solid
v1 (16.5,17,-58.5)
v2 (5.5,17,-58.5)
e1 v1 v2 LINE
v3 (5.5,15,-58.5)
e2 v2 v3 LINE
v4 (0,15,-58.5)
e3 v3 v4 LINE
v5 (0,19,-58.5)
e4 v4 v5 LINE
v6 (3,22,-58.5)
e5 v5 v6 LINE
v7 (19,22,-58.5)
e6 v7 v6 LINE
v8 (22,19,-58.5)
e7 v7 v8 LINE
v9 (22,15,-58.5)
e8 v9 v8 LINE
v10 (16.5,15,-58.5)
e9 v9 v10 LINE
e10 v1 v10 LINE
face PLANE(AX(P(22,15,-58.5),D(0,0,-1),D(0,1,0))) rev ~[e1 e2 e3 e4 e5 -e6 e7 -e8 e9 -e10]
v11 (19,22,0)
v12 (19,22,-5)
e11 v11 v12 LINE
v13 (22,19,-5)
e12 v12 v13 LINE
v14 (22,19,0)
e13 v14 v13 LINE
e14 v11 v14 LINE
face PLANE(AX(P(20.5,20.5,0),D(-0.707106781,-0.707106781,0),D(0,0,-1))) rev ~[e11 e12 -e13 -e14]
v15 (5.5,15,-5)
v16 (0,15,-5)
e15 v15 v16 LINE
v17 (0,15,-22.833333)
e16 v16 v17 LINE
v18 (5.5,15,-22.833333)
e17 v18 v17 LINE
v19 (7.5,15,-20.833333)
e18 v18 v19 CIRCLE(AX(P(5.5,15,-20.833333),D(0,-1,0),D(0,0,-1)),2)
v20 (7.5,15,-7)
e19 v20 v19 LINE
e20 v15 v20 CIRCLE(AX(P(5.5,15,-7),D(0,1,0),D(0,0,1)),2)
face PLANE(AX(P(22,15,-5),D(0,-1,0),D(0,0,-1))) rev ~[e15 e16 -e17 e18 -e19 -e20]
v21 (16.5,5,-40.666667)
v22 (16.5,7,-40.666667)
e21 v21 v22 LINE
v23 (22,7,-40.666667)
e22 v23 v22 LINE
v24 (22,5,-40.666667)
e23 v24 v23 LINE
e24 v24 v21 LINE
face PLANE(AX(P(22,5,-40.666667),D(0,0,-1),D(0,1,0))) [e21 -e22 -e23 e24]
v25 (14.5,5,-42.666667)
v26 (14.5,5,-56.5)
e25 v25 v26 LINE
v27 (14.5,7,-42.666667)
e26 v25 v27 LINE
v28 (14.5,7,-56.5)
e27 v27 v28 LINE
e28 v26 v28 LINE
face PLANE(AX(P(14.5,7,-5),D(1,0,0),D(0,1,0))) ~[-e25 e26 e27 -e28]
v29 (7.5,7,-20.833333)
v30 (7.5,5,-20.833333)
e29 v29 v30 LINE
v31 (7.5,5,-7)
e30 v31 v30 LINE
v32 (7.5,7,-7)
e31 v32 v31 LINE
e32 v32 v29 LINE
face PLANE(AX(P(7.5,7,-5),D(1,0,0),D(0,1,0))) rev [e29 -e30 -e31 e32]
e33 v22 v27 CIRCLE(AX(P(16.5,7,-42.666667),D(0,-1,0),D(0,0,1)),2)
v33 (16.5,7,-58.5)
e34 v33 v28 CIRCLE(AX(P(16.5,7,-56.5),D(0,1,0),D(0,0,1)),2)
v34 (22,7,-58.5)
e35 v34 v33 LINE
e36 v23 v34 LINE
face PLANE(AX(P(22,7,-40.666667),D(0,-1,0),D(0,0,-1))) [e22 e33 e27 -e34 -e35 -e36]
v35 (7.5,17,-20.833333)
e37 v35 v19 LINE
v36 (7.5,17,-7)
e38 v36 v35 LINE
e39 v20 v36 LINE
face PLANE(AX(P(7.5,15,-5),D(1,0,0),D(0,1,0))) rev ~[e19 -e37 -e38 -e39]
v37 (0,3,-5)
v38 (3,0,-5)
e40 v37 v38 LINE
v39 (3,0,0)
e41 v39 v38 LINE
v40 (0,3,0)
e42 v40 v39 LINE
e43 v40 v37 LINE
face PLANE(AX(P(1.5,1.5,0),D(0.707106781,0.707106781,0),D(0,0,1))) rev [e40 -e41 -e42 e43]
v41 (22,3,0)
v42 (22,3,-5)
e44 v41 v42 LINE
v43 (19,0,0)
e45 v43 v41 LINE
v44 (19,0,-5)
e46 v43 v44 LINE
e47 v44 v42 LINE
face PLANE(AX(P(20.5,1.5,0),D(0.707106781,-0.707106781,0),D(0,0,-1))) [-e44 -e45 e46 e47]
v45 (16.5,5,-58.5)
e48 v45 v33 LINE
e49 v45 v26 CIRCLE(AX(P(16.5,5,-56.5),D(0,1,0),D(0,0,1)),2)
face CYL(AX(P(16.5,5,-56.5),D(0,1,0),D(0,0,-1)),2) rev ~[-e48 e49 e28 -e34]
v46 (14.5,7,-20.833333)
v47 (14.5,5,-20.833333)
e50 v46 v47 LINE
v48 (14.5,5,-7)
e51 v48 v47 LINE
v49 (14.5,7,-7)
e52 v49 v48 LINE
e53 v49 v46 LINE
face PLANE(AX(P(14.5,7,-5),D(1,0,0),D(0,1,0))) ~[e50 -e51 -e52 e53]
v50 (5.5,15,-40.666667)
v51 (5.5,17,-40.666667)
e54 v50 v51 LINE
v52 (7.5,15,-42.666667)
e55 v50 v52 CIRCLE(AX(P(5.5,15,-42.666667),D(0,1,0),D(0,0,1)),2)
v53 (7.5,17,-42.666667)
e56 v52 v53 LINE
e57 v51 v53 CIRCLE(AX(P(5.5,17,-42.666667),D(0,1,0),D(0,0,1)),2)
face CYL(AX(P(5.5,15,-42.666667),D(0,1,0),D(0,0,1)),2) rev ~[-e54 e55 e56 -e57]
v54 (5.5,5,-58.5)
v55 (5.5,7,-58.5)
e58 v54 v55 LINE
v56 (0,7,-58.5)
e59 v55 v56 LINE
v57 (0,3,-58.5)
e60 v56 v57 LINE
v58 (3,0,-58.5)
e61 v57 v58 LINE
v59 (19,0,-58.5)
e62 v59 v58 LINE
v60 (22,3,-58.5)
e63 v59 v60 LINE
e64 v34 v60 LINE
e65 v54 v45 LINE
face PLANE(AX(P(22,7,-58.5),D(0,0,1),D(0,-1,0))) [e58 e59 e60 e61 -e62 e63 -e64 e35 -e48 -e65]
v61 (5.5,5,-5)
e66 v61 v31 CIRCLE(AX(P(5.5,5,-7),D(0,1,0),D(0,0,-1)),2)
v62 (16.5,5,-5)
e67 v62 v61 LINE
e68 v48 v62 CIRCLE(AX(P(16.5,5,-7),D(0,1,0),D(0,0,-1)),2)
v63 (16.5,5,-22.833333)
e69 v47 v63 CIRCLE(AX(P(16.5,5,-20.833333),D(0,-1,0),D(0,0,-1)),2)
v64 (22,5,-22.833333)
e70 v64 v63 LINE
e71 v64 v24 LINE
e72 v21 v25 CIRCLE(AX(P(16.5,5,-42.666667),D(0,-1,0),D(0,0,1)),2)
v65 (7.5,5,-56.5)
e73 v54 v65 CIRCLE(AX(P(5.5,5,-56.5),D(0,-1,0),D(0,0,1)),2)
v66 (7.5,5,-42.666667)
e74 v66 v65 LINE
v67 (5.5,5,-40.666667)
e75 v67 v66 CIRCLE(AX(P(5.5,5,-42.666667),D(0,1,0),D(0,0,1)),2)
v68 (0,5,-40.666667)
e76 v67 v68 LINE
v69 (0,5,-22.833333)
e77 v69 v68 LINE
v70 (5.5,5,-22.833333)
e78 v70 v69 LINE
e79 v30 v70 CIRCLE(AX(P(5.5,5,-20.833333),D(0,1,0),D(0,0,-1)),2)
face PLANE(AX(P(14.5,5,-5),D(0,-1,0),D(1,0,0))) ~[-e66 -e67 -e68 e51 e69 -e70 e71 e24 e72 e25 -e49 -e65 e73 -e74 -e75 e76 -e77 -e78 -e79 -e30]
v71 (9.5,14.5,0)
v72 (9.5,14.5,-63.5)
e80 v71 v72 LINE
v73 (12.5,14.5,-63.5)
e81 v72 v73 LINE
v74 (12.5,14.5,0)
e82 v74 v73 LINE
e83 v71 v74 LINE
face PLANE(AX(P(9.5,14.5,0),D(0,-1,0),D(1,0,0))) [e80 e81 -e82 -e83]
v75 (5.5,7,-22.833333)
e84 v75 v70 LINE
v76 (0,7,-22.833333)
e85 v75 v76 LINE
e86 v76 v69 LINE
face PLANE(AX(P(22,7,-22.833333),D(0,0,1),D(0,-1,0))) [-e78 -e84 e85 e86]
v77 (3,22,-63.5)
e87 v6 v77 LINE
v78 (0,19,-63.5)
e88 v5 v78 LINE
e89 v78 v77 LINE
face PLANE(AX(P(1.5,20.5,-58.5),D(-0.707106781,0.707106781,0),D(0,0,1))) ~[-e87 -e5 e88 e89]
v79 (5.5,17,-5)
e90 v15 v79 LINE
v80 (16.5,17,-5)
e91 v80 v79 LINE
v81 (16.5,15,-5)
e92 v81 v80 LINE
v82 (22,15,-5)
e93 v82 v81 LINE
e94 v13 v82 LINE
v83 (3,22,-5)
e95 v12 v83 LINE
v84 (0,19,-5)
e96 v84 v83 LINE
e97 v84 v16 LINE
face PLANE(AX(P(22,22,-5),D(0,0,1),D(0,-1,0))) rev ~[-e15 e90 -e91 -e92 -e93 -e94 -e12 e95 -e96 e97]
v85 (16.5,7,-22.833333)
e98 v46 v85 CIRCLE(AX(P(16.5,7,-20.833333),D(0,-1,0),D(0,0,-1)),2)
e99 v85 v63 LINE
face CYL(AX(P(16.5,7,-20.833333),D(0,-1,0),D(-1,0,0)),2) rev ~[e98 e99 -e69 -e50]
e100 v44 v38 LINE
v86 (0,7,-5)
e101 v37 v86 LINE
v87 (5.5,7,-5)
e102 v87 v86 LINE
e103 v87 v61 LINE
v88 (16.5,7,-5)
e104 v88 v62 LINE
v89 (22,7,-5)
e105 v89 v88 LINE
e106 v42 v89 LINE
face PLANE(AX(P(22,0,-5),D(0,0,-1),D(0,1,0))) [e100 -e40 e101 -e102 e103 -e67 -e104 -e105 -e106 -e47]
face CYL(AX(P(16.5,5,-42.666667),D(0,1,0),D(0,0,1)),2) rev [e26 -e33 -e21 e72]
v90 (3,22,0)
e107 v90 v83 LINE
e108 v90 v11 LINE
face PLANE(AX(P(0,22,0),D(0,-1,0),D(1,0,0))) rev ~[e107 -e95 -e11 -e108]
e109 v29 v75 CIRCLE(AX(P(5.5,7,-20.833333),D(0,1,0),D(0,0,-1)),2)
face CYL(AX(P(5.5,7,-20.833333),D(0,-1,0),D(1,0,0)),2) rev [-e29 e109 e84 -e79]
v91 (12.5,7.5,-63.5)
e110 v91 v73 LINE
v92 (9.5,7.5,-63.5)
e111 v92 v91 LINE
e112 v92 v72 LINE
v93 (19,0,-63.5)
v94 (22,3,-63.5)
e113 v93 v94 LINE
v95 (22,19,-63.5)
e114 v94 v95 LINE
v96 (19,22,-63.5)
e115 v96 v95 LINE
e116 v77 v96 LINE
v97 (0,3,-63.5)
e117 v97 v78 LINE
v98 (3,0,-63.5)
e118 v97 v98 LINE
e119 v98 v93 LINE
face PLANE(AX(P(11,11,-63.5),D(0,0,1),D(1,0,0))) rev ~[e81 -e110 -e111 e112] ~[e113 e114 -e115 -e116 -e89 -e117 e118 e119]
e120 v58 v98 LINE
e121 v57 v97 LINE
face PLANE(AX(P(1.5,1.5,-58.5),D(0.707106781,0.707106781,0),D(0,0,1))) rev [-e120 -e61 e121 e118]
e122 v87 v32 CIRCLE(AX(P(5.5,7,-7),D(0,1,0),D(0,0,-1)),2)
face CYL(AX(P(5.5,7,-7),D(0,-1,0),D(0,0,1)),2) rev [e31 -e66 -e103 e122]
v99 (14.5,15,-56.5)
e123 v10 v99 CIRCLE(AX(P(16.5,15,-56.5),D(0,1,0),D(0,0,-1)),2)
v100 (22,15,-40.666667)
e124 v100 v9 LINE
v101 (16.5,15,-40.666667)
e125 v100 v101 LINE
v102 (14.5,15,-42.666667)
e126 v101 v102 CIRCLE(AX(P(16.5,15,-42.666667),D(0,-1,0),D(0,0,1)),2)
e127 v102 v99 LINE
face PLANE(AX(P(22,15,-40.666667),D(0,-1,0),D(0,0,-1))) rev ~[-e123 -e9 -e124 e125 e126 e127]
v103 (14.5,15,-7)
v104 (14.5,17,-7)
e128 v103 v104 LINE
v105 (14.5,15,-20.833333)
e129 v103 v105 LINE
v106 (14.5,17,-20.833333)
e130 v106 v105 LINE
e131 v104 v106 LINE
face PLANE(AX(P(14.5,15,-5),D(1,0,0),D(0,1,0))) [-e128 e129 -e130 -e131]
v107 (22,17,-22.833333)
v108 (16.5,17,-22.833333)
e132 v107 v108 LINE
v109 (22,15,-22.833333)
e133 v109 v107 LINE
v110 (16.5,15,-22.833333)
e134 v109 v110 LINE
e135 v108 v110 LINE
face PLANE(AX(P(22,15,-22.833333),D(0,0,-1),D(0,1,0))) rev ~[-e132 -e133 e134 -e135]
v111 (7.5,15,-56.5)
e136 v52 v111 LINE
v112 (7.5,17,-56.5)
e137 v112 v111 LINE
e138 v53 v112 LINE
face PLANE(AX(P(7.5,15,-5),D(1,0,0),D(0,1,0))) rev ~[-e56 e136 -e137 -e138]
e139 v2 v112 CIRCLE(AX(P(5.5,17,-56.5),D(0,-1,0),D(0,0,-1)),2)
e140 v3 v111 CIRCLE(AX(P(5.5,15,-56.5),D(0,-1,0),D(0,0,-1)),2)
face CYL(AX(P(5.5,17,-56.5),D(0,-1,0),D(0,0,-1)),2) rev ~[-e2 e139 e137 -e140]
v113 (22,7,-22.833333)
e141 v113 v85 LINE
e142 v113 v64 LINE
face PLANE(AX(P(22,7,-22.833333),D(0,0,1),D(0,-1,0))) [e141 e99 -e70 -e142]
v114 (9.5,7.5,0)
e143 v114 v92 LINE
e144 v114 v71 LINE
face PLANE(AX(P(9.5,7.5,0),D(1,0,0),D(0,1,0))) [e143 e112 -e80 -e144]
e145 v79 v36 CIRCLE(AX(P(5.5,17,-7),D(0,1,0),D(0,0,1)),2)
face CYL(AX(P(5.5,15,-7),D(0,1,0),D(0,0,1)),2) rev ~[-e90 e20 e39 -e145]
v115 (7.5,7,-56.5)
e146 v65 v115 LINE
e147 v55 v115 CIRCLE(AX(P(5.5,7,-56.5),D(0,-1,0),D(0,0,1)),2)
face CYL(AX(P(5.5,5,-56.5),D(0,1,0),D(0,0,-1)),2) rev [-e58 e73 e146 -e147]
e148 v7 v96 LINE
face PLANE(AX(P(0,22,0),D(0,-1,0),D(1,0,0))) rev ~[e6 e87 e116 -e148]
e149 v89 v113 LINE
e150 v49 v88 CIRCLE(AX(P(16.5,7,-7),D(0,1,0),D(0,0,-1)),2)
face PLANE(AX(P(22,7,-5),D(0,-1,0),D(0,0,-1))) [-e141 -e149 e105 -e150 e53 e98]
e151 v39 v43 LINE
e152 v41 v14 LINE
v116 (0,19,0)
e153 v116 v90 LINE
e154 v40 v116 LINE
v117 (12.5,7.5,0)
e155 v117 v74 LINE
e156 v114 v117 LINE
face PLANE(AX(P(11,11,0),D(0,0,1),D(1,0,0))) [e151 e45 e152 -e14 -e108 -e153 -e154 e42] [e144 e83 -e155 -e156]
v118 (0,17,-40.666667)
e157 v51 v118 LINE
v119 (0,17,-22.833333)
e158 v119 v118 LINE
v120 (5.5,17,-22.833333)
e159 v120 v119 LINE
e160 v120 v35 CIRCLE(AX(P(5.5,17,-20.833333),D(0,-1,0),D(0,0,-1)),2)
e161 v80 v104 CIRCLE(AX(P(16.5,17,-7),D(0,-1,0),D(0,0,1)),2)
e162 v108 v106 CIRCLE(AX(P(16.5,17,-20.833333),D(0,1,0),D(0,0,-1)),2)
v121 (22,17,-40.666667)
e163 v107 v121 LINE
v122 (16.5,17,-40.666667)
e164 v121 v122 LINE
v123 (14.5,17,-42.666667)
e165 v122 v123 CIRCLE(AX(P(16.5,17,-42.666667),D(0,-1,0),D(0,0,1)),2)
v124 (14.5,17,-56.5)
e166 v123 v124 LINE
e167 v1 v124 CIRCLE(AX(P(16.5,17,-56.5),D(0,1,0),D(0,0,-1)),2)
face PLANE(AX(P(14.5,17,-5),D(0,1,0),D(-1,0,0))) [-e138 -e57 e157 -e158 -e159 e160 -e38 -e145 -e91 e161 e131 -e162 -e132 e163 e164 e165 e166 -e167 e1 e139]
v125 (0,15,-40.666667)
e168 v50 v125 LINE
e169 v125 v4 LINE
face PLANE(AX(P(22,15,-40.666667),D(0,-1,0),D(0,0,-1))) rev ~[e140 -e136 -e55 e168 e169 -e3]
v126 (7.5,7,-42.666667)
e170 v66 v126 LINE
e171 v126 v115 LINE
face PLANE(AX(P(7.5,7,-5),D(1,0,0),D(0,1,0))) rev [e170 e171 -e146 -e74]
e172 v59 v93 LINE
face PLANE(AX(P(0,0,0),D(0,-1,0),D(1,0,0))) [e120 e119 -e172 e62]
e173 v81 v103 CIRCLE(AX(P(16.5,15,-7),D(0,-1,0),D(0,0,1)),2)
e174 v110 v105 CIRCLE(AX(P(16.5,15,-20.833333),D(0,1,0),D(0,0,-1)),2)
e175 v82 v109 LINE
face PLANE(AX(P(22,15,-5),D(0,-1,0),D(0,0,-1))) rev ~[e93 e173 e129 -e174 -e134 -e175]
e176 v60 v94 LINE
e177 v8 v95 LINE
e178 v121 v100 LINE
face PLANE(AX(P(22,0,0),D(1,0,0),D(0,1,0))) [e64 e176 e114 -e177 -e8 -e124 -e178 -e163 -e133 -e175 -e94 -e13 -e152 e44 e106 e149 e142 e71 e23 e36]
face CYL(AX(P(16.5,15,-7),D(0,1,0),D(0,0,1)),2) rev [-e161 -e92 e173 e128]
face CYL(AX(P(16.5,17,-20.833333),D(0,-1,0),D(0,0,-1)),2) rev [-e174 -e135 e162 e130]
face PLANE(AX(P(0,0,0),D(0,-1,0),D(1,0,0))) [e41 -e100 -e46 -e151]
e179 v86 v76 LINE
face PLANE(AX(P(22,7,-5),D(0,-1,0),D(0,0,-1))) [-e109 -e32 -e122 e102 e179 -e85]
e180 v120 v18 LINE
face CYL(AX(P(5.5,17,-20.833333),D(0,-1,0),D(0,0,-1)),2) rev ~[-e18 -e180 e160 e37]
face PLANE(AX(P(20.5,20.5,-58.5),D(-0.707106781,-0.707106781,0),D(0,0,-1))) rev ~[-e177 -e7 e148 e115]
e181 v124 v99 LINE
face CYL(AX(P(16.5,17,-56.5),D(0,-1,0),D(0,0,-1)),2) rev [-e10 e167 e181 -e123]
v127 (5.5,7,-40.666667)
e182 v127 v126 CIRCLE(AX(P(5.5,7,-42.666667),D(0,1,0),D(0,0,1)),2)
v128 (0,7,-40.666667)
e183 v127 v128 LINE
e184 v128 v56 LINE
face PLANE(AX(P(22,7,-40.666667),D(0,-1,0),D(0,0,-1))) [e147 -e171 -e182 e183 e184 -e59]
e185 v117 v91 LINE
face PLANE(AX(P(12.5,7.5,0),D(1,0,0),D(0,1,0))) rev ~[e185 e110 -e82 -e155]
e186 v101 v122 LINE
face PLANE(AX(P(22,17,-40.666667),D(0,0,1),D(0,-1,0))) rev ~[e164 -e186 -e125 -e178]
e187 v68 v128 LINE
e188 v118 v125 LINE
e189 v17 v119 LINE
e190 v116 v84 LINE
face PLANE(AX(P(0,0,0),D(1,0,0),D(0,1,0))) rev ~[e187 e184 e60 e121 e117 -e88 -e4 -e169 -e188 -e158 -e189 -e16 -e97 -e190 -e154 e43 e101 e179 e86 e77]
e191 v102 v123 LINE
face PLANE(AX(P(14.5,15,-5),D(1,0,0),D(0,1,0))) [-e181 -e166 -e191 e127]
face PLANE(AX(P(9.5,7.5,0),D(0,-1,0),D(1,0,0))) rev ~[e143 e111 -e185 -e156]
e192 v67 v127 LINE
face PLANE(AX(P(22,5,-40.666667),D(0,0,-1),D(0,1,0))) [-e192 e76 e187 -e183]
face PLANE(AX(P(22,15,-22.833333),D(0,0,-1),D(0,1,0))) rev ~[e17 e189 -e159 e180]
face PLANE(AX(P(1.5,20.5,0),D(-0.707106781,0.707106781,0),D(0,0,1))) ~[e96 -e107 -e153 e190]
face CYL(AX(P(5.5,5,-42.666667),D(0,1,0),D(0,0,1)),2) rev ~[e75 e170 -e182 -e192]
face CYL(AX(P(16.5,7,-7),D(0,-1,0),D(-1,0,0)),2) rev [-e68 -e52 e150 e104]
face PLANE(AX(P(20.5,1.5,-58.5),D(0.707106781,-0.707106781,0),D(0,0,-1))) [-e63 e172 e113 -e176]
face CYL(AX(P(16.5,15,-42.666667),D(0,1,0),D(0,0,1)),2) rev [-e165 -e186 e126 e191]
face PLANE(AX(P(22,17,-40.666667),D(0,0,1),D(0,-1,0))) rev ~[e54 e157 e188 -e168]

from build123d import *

# Parameters (mm, degrees)
SKETCH1_W           = 22
SKETCH1_H           = 22
BOSS_EXTRUDE1_DEPTH = 63.5
CUT_EXTRUDE1_DEPTH  = 71.712445864
SKETCH3_W           = 3
SKETCH3_H           = 7
CUT_EXTRUDE2_DEPTH  = 71.712445864
BOSS_EXTRUDE2_REACH = 68.259
SKETCH4_W           = 7
SKETCH4_H           = 2
FILLET1_R           = 2
CHAMFER1_SIZE       = 3


with BuildPart() as part:
    # Sketch1 → Boss-Extrude1 (new body)
    with BuildSketch(Plane.XY):
        with Locations((11, 11)):
            Rectangle(SKETCH1_W, SKETCH1_H)
    extrude(amount=-BOSS_EXTRUDE1_DEPTH)

    # Sketch2 → Cut-Extrude1 (cut, through all)
    with BuildSketch(Plane(origin=(22, 0, 0), x_dir=(0, 0, -1), z_dir=(1, 0, 0))):
        Polygon((5, 22), (5, 15), (22.833333333, 15), (22.833333333, 17), (40.666666667, 17), (40.666666667, 15), (58.5, 15), (58.5, 22), align=None)
        Polygon((22.833333333, 7), (22.833333333, 5), (40.666666667, 5), (40.666666667, 7), (58.5, 7), (58.5, 0), (5, 0), (5, 7), align=None)
    extrude(amount=-CUT_EXTRUDE1_DEPTH, mode=Mode.SUBTRACT)

    # Sketch3 → Cut-Extrude2 (cut, through all)
    with BuildSketch(Plane.XY):
        with Locations((11, 11)):
            Rectangle(SKETCH3_W, SKETCH3_H)
    extrude(amount=-CUT_EXTRUDE2_DEPTH, mode=Mode.SUBTRACT)

    # Boss-Extrude2: up to this face of the body (flat: up to its plane)
    boss_extrude2_end = Plane(part.part.faces().sort_by_distance((11, 18.5, -58.5))[0])
    # Sketch4 → Boss-Extrude2 (add, up to the picked face)
    with BuildSketch(Plane(origin=(0, 0, -5), x_dir=(-1, 0, 0), z_dir=(0, 0, -1)), mode=Mode.PRIVATE) as boss_extrude2_sk1:
        with Locations((-11, 16)):
            Rectangle(SKETCH4_W, SKETCH4_H)
    boss_extrude2_tool1 = split(extrude(boss_extrude2_sk1.sketch, amount=BOSS_EXTRUDE2_REACH, mode=Mode.PRIVATE), bisect_by=boss_extrude2_end, keep=Keep.BOTH, mode=Mode.PRIVATE)
    boss_extrude2 = boss_extrude2_tool1.solids().sort_by(Axis((11, 16, -5), (0, 0, -1)))[0]
    add(boss_extrude2)

    # Mirror1: Boss-Extrude2 across plane
    add(boss_extrude2.mirror(Plane.ZX.offset(11)))

    # Fillet1
    fillet1_edges = [part.edges().sort_by_distance(p)[0] for p in [
        (7.5, 16, -40.666666667),
        (7.5, 16, -22.833333333),
        (7.5, 16, -5),
        (14.5, 16, -40.666666667),
        (14.5, 16, -22.833333333),
        (14.5, 16, -5),
        (7.5, 16, -58.5),
        (14.5, 16, -58.5),
        (14.5, 6, -58.5),
        (7.5, 6, -58.5),
        (7.5, 6, -5),
        (14.5, 6, -5),
        (14.5, 6, -22.833333333),
        (14.5, 6, -40.666666667),
        (7.5, 6, -22.833333333),
        (7.5, 6, -40.666666667),
    ]]
    fillet(fillet1_edges, radius=FILLET1_R)

    # Chamfer1
    chamfer1_edges = [part.edges().sort_by_distance(p)[0] for p in [
        (0, 0, -2.5),
        (22, 0, -2.5),
        (22, 22, -2.5),
        (0, 22, -2.5),
        (0, 22, -61),
        (22, 22, -61),
        (22, 0, -61),
        (0, 0, -61),
    ]]
    chamfer(chamfer1_edges, length=CHAMFER1_SIZE)


solid = part.part
